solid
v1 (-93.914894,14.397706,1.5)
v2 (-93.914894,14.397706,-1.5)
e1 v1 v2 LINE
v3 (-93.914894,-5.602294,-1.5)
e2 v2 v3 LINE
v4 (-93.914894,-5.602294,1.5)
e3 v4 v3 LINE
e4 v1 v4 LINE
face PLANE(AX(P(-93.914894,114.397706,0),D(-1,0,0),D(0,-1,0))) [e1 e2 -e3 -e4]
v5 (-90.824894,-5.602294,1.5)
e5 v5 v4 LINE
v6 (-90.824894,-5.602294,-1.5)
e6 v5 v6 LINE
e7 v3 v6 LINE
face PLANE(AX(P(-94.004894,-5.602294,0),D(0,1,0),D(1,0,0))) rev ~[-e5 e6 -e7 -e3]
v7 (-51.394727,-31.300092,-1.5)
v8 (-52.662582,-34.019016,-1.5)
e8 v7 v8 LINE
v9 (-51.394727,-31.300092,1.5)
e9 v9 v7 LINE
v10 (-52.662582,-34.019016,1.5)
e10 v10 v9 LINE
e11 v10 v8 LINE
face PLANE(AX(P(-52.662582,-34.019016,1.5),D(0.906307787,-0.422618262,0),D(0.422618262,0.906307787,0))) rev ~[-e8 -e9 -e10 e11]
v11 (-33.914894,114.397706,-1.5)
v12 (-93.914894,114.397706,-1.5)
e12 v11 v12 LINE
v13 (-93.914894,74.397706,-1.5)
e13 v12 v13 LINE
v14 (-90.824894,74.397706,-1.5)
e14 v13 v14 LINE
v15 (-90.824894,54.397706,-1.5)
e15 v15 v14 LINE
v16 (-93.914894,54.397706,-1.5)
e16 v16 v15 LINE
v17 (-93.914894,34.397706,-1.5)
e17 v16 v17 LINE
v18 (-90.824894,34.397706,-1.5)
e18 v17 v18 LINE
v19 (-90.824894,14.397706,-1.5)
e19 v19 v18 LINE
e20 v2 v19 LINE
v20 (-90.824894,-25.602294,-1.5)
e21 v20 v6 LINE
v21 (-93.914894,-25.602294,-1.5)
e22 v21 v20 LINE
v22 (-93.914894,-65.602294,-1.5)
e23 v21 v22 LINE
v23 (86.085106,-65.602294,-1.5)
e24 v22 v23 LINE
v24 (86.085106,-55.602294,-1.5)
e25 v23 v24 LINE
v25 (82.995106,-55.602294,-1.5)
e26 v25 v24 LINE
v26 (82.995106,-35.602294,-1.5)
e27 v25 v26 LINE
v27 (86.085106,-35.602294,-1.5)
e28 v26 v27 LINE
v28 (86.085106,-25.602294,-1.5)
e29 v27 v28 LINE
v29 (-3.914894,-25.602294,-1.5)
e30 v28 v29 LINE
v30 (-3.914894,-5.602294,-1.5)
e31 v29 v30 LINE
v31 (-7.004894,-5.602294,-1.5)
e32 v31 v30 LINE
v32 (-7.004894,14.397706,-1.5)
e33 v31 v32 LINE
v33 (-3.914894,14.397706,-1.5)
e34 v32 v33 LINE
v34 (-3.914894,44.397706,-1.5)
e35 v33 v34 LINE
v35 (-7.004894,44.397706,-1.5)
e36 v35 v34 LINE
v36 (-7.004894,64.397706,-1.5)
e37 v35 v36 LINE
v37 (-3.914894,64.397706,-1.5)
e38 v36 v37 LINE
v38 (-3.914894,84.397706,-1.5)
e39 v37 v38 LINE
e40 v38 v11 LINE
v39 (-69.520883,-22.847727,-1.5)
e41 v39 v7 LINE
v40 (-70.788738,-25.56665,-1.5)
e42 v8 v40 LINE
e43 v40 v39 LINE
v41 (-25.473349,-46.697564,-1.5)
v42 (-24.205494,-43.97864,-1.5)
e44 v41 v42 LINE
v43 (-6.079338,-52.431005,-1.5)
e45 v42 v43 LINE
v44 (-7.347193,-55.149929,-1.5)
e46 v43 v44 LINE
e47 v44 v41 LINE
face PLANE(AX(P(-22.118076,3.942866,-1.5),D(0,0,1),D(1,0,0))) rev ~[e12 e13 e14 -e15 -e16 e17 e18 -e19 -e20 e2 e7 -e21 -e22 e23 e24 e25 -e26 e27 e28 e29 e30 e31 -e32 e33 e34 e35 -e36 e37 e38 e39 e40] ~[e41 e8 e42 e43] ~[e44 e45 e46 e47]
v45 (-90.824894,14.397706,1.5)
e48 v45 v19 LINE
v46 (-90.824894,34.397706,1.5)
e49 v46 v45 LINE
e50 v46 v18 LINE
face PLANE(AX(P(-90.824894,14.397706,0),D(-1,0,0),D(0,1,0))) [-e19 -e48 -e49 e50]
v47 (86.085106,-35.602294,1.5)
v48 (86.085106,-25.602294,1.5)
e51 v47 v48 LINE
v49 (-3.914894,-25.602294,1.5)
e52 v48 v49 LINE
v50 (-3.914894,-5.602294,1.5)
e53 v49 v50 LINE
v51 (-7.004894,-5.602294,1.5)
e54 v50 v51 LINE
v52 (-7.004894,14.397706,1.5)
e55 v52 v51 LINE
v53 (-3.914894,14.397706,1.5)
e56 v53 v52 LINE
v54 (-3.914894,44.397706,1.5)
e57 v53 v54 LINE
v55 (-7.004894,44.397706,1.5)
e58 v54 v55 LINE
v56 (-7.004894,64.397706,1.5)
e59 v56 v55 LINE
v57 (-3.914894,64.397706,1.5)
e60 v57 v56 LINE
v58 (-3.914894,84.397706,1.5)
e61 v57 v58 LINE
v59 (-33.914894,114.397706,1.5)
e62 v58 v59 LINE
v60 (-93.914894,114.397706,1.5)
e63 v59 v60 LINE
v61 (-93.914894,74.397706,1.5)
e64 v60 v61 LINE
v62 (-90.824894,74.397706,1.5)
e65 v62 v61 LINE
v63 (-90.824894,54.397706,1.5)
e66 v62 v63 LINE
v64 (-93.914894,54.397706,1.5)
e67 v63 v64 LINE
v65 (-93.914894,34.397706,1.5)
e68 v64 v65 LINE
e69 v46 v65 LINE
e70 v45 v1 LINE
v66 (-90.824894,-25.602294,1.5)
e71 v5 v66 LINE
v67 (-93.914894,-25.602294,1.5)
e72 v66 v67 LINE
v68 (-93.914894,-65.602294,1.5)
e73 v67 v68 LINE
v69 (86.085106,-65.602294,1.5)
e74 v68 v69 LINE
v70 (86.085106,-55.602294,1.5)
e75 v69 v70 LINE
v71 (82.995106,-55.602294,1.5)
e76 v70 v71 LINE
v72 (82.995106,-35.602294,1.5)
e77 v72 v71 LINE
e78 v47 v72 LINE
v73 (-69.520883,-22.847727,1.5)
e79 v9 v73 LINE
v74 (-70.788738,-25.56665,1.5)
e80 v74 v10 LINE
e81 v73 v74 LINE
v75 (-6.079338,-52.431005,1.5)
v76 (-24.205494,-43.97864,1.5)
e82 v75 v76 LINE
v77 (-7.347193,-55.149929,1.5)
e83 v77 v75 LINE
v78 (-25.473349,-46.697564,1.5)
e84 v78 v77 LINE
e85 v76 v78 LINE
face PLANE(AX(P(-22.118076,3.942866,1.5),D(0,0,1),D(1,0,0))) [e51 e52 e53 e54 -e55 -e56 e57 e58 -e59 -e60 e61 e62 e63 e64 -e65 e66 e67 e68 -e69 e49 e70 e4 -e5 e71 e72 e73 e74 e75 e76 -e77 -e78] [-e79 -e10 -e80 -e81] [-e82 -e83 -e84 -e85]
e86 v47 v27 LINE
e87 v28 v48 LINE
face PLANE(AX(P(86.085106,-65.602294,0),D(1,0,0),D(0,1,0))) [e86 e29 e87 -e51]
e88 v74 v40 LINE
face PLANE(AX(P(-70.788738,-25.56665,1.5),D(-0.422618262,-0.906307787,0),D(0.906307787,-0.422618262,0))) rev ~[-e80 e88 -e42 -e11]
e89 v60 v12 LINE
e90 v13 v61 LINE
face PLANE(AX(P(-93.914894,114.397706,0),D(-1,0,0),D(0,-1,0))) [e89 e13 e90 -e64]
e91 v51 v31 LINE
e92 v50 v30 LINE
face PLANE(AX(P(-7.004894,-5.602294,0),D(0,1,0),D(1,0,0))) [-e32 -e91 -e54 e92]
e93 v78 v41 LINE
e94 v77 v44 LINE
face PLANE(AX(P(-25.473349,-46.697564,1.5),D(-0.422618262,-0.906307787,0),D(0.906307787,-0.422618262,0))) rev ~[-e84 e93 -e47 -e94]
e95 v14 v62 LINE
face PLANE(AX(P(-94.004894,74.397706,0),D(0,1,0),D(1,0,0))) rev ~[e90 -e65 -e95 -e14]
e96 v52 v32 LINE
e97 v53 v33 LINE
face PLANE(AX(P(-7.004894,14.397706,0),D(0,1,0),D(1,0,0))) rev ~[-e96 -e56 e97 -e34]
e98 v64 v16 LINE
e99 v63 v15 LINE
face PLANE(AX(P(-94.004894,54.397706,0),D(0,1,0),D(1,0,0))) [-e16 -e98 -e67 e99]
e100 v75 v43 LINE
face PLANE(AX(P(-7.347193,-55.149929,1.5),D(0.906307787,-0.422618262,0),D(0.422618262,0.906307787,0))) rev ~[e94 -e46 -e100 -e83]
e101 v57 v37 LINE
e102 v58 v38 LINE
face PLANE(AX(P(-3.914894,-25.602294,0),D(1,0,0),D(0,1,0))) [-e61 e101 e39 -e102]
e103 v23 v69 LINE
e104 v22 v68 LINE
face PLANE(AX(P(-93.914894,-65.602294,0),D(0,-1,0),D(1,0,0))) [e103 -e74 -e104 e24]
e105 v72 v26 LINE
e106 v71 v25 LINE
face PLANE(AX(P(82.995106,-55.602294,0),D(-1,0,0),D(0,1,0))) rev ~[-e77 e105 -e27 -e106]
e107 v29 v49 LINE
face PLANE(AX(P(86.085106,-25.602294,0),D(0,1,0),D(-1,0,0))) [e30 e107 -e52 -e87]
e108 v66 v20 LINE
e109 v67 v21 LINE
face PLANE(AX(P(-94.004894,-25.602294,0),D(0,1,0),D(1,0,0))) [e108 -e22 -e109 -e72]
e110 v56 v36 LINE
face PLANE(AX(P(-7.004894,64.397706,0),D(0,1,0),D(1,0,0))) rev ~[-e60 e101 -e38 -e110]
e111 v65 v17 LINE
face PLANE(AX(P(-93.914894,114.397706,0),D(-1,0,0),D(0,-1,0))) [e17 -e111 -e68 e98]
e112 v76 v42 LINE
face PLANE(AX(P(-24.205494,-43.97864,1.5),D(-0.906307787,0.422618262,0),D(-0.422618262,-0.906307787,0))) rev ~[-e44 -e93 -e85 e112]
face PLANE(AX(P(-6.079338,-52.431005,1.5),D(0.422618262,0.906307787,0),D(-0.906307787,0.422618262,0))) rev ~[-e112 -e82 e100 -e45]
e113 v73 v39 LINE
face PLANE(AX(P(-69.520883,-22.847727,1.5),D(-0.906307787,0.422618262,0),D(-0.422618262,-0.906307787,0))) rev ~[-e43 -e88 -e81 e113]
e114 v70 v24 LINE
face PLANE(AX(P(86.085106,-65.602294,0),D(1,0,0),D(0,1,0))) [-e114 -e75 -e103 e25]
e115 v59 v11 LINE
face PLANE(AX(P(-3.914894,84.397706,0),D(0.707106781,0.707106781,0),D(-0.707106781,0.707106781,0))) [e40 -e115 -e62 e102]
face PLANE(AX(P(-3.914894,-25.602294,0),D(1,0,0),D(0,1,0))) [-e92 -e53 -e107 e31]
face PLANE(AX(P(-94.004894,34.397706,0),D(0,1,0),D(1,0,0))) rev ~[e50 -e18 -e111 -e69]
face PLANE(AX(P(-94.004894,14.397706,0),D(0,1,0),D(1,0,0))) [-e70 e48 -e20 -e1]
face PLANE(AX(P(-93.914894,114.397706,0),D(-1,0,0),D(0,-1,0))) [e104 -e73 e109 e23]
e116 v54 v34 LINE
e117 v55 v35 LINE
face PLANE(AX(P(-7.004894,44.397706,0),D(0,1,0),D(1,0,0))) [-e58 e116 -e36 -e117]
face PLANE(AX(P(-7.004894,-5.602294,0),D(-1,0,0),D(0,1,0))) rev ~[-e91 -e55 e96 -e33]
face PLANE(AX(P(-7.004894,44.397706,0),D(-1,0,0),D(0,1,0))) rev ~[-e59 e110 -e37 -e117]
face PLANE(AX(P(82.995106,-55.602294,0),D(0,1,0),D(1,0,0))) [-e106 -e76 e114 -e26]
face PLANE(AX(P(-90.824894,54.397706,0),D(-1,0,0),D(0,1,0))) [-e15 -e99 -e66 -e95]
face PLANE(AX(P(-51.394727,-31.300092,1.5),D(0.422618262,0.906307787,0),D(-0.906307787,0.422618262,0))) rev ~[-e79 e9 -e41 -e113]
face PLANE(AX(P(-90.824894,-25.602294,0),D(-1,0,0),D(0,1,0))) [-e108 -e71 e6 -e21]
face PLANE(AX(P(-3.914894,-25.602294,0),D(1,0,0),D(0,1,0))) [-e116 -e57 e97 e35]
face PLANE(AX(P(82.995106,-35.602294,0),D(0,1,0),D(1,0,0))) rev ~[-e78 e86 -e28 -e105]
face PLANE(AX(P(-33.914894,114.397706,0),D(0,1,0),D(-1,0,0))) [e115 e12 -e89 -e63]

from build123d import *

# Parameters (mm, degrees)
BOSS_EXTRUDE1_DEPTH          = 1.5
SKETCH1_3_W                  = 3.18
SKETCH1_3_H                  = 20
CUT_EXTRUDE_THIN1_DEPTH      = 2.5
CUT_EXTRUDE_THIN1_DEPTH_BACK = 2.5
CUT_EXTRUDE1_REACH           = 5


with BuildPart() as part:
    # Sketch1 → Boss-Extrude1 (new body, symmetric)
    with BuildSketch(Plane.XY):
        Polygon((-93.914893617, 114.397705985), (-93.914893617, -65.602294015), (86.085106383, -65.602294015), (86.085106383, -25.602294015), (-3.914893617, -25.602294015), (-3.914893617, 84.397705985), (-33.914893617, 114.397705985), align=None)
    extrude(amount=BOSS_EXTRUDE1_DEPTH, both=True)

    # Sketch1_3 → Cut-Extrude-Thin1 (cut, two sides)
    with BuildSketch(Plane.XY) as cut_extrude_thin1_sk:
        with Locations((-92.414893617, 64.397705985)):
            Rectangle(SKETCH1_3_W, SKETCH1_3_H)
        with Locations((-92.414893617, 24.397705985)):
            Rectangle(SKETCH1_3_W, SKETCH1_3_H)
        with Locations((-92.414893617, -15.602294015)):
            Rectangle(SKETCH1_3_W, SKETCH1_3_H)
        with Locations((-5.414893617, 54.397705985)):
            Rectangle(SKETCH1_3_W, SKETCH1_3_H)
        with Locations((-5.414893617, 4.397705985)):
            Rectangle(SKETCH1_3_W, SKETCH1_3_H)
        with Locations((84.585106383, -45.602294015)):
            Rectangle(SKETCH1_3_W, SKETCH1_3_H)
    extrude(amount=CUT_EXTRUDE_THIN1_DEPTH, mode=Mode.SUBTRACT)
    extrude(cut_extrude_thin1_sk.sketch, amount=-CUT_EXTRUDE_THIN1_DEPTH_BACK, mode=Mode.SUBTRACT)

    # Sketch2 → Cut-Extrude1 (cut, up to next)
    with BuildSketch(Plane.XY.offset(1.5), mode=Mode.PRIVATE) as cut_extrude1_sk1:
        Polygon((-25.473348524, -46.697563546), (-7.347192784, -55.14992878), (-6.079337999, -52.431005419), (-24.205493739, -43.978640185), align=None)
    cut_extrude1_tool1 = extrude(cut_extrude1_sk1.sketch, amount=-CUT_EXTRUDE1_REACH, mode=Mode.PRIVATE) & part.part
    add(cut_extrude1_tool1.solids().sort_by_distance((-15.776343, -49.564284, 1.5))[0], mode=Mode.SUBTRACT)
    # Sketch2 → Cut-Extrude1 (cut, up to next)
    with BuildSketch(Plane.XY.offset(1.5), mode=Mode.PRIVATE) as cut_extrude1_sk2:
        Polygon((-51.39472735, -31.300092332), (-69.520883091, -22.847727097), (-70.788737876, -25.566650459), (-52.662582136, -34.019015693), align=None)
    cut_extrude1_tool2 = extrude(cut_extrude1_sk2.sketch, amount=-CUT_EXTRUDE1_REACH, mode=Mode.PRIVATE) & part.part
    add(cut_extrude1_tool2.solids().sort_by_distance((-61.091733, -28.433371, 1.5))[0], mode=Mode.SUBTRACT)


solid = part.part
